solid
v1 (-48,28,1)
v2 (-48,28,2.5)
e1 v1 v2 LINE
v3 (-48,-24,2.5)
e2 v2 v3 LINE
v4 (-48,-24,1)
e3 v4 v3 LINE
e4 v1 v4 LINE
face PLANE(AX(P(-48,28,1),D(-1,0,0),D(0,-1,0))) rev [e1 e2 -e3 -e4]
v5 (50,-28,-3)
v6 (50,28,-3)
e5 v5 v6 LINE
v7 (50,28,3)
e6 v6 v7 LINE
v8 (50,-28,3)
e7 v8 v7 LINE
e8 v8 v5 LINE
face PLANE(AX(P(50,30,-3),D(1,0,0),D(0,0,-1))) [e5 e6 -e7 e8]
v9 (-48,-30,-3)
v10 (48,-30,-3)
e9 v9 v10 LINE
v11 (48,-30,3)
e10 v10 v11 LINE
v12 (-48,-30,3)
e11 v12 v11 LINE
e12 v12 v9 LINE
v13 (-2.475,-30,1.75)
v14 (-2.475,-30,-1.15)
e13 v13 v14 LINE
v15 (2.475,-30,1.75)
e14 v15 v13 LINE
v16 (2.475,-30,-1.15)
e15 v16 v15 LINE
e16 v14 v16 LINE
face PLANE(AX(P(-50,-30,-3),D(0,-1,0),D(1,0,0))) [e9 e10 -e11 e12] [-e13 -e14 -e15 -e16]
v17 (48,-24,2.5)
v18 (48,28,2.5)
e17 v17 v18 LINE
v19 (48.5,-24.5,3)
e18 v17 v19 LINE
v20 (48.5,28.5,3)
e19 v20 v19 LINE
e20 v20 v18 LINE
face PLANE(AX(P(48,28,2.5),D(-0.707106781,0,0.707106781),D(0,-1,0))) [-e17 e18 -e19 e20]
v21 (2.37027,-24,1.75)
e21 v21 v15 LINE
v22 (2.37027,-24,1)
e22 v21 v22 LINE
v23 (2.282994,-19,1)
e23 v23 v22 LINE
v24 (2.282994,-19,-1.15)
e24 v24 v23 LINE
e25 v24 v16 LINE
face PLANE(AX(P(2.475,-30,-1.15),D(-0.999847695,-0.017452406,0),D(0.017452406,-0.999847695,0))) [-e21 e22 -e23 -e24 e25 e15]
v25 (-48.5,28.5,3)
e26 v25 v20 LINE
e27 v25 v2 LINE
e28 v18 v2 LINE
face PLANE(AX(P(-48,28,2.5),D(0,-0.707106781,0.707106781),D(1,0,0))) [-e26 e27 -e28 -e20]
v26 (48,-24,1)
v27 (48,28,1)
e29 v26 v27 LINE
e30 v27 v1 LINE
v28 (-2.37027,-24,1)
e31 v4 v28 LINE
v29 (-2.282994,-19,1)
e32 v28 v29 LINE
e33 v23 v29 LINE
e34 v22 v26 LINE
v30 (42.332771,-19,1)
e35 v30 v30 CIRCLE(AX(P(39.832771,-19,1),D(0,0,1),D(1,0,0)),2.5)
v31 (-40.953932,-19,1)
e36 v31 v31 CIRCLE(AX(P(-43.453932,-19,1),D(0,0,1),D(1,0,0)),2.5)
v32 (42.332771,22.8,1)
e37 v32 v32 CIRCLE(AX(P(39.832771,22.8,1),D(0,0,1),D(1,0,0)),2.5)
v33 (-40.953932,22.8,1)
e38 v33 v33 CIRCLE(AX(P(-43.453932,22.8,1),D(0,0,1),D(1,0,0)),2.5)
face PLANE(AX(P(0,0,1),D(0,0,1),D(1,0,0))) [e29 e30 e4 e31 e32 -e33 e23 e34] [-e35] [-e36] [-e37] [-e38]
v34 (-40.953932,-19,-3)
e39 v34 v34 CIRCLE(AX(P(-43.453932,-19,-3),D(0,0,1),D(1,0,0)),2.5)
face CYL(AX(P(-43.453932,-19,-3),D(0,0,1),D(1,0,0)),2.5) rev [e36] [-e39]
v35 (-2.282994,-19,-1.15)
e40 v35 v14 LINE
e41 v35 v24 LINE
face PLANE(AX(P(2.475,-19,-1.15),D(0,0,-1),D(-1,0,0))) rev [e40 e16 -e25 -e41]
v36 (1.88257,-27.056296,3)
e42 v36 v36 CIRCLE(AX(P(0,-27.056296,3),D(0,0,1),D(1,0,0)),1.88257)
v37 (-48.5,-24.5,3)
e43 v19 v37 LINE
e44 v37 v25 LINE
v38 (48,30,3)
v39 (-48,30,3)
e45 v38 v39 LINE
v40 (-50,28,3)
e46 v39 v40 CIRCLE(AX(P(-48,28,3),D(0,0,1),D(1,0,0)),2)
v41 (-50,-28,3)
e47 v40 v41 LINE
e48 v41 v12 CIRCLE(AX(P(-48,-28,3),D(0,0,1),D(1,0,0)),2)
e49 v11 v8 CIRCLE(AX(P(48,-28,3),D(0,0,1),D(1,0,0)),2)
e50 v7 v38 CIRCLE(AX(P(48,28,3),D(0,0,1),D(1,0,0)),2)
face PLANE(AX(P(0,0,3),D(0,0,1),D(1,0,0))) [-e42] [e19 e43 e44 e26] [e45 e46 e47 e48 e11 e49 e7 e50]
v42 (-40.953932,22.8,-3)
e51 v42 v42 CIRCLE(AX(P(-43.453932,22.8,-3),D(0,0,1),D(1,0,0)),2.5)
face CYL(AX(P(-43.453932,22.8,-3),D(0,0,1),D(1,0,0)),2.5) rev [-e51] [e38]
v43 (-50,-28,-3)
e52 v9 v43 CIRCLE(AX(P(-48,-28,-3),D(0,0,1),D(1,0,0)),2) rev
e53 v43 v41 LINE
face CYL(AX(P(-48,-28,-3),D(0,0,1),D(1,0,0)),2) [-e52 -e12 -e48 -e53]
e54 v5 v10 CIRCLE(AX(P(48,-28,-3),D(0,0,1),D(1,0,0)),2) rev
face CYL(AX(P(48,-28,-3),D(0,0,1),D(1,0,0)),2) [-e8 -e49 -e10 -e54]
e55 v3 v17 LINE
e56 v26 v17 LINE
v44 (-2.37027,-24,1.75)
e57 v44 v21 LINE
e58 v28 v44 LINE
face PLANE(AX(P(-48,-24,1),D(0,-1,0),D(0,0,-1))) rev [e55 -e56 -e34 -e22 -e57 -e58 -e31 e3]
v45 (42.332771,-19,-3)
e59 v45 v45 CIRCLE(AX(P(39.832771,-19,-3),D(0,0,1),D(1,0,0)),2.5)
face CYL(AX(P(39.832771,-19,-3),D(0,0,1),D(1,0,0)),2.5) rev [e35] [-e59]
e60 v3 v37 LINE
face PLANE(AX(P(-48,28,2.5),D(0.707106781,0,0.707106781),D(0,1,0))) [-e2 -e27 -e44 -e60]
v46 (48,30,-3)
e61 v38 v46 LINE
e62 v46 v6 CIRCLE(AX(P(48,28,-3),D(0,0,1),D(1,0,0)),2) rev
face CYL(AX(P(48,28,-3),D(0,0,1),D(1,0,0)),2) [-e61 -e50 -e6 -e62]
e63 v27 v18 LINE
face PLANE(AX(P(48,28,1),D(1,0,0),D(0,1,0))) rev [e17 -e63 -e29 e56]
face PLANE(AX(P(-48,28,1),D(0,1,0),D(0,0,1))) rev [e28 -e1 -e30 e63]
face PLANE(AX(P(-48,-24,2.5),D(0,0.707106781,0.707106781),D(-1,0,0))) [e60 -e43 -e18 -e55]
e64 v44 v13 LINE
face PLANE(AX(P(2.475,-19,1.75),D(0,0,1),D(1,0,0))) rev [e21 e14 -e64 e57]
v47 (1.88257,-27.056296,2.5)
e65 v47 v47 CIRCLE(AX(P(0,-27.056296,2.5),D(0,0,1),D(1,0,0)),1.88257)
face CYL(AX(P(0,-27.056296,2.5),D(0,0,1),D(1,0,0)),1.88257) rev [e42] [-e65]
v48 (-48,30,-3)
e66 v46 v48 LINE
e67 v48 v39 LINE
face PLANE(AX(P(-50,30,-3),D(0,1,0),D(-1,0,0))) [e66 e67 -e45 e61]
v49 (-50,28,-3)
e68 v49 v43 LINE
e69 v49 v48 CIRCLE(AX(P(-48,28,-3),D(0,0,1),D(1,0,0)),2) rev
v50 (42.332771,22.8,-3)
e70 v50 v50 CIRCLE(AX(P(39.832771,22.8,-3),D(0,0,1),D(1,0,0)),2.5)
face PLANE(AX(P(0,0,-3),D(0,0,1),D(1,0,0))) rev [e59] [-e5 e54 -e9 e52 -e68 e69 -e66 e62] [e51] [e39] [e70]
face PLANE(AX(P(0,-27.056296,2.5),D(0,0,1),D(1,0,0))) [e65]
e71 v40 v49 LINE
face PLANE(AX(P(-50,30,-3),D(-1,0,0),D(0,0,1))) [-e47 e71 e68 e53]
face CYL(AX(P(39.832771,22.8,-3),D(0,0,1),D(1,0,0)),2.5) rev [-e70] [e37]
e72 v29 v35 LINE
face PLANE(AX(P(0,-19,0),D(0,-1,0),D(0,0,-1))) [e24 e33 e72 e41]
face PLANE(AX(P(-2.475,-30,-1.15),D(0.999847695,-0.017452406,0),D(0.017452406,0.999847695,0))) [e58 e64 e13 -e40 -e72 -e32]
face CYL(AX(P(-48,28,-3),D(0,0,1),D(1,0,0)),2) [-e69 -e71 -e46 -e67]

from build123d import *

# Parameters (mm, degrees)
BOSS_EXTRUDE1_DEPTH      = 3
BOSS_EXTRUDE1_DEPTH_BACK = 3
SKETCH1_W                = 100
SKETCH1_H                = 60
SKETCH2_W                = 4.95
SKETCH2_H                = 2.9
CUT_EXTRUDE1_DEPTH       = 11
DRAFT1_ANGLE             = 1
SKETCH3_W                = 96
SKETCH3_H                = 52
CUT_EXTRUDE2_DEPTH       = 2
FILLET1_R                = 2
SKETCH4_R                = 2.5
CUT_EXTRUDE3_DEPTH       = 59.446556785
CHAMFER1_SIZE            = 0.5
SKETCH5_R                = 1.882569545
CUT_EXTRUDE4_DEPTH       = 0.5


with BuildPart() as part:
    # Sketch1 → Boss-Extrude1 (new, two sides: drawn at the far end of the back side and taken through both)
    with BuildSketch(Plane.XY.offset(-BOSS_EXTRUDE1_DEPTH_BACK)):
        Rectangle(SKETCH1_W, SKETCH1_H)
    extrude(amount=BOSS_EXTRUDE1_DEPTH + BOSS_EXTRUDE1_DEPTH_BACK)

    # Sketch2 → Cut-Extrude1 (cut)
    with BuildSketch(Plane.XZ.offset(30)):
        with Locations((0, 0.3)):
            Rectangle(SKETCH2_W, SKETCH2_H)
    extrude(amount=-CUT_EXTRUDE1_DEPTH, mode=Mode.SUBTRACT)

    # Draft1
    draft1_faces = [part.faces().sort_by_distance(p)[0] for p in [
        (-2.475, -24.5, 0.3),
        (2.475, -24.5, 0.3),
    ]]
    draft(draft1_faces, Plane(origin=(-50, -30, -3), x_dir=(-1, 0, 0), z_dir=(0, -1, 0)), DRAFT1_ANGLE)

    # Sketch3 → Cut-Extrude2 (cut)
    with BuildSketch(Plane.XY.offset(3)):
        with Locations((0, 2)):
            Rectangle(SKETCH3_W, SKETCH3_H)
    extrude(amount=-CUT_EXTRUDE2_DEPTH, mode=Mode.SUBTRACT)

    # Fillet1
    fillet1_edges = [part.edges().sort_by_distance(p)[0] for p in [
        (-50, 30, 0),
        (50, 30, 0),
        (50, -30, 0),
        (-50, -30, 0),
    ]]
    fillet(fillet1_edges, radius=FILLET1_R)

    # Sketch4 → Cut-Extrude3 (cut, through all)
    with BuildSketch(Plane.XY.offset(1)):
        with Locations((-43.453932042, 22.8)):
            Circle(SKETCH4_R)
        with Locations((-43.453932042, -19)):
            Circle(SKETCH4_R)
        with Locations((39.832771039, -19)):
            Circle(SKETCH4_R)
        with Locations((39.832771039, 22.8)):
            Circle(SKETCH4_R)
    extrude(amount=-CUT_EXTRUDE3_DEPTH, mode=Mode.SUBTRACT)

    # Chamfer1
    chamfer1_edges = [part.edges().sort_by_distance(p)[0] for p in [
        (-48, 2, 3),
        (0, -24, 3),
        (48, 2, 3),
        (0, 28, 3),
    ]]
    chamfer(chamfer1_edges, length=CHAMFER1_SIZE)

    # Sketch5 → Cut-Extrude4 (cut)
    with BuildSketch(Plane.XY.offset(3)):
        with Locations((0, -27.056295937)):
            Circle(SKETCH5_R)
    extrude(amount=-CUT_EXTRUDE4_DEPTH, mode=Mode.SUBTRACT)


solid = part.part
